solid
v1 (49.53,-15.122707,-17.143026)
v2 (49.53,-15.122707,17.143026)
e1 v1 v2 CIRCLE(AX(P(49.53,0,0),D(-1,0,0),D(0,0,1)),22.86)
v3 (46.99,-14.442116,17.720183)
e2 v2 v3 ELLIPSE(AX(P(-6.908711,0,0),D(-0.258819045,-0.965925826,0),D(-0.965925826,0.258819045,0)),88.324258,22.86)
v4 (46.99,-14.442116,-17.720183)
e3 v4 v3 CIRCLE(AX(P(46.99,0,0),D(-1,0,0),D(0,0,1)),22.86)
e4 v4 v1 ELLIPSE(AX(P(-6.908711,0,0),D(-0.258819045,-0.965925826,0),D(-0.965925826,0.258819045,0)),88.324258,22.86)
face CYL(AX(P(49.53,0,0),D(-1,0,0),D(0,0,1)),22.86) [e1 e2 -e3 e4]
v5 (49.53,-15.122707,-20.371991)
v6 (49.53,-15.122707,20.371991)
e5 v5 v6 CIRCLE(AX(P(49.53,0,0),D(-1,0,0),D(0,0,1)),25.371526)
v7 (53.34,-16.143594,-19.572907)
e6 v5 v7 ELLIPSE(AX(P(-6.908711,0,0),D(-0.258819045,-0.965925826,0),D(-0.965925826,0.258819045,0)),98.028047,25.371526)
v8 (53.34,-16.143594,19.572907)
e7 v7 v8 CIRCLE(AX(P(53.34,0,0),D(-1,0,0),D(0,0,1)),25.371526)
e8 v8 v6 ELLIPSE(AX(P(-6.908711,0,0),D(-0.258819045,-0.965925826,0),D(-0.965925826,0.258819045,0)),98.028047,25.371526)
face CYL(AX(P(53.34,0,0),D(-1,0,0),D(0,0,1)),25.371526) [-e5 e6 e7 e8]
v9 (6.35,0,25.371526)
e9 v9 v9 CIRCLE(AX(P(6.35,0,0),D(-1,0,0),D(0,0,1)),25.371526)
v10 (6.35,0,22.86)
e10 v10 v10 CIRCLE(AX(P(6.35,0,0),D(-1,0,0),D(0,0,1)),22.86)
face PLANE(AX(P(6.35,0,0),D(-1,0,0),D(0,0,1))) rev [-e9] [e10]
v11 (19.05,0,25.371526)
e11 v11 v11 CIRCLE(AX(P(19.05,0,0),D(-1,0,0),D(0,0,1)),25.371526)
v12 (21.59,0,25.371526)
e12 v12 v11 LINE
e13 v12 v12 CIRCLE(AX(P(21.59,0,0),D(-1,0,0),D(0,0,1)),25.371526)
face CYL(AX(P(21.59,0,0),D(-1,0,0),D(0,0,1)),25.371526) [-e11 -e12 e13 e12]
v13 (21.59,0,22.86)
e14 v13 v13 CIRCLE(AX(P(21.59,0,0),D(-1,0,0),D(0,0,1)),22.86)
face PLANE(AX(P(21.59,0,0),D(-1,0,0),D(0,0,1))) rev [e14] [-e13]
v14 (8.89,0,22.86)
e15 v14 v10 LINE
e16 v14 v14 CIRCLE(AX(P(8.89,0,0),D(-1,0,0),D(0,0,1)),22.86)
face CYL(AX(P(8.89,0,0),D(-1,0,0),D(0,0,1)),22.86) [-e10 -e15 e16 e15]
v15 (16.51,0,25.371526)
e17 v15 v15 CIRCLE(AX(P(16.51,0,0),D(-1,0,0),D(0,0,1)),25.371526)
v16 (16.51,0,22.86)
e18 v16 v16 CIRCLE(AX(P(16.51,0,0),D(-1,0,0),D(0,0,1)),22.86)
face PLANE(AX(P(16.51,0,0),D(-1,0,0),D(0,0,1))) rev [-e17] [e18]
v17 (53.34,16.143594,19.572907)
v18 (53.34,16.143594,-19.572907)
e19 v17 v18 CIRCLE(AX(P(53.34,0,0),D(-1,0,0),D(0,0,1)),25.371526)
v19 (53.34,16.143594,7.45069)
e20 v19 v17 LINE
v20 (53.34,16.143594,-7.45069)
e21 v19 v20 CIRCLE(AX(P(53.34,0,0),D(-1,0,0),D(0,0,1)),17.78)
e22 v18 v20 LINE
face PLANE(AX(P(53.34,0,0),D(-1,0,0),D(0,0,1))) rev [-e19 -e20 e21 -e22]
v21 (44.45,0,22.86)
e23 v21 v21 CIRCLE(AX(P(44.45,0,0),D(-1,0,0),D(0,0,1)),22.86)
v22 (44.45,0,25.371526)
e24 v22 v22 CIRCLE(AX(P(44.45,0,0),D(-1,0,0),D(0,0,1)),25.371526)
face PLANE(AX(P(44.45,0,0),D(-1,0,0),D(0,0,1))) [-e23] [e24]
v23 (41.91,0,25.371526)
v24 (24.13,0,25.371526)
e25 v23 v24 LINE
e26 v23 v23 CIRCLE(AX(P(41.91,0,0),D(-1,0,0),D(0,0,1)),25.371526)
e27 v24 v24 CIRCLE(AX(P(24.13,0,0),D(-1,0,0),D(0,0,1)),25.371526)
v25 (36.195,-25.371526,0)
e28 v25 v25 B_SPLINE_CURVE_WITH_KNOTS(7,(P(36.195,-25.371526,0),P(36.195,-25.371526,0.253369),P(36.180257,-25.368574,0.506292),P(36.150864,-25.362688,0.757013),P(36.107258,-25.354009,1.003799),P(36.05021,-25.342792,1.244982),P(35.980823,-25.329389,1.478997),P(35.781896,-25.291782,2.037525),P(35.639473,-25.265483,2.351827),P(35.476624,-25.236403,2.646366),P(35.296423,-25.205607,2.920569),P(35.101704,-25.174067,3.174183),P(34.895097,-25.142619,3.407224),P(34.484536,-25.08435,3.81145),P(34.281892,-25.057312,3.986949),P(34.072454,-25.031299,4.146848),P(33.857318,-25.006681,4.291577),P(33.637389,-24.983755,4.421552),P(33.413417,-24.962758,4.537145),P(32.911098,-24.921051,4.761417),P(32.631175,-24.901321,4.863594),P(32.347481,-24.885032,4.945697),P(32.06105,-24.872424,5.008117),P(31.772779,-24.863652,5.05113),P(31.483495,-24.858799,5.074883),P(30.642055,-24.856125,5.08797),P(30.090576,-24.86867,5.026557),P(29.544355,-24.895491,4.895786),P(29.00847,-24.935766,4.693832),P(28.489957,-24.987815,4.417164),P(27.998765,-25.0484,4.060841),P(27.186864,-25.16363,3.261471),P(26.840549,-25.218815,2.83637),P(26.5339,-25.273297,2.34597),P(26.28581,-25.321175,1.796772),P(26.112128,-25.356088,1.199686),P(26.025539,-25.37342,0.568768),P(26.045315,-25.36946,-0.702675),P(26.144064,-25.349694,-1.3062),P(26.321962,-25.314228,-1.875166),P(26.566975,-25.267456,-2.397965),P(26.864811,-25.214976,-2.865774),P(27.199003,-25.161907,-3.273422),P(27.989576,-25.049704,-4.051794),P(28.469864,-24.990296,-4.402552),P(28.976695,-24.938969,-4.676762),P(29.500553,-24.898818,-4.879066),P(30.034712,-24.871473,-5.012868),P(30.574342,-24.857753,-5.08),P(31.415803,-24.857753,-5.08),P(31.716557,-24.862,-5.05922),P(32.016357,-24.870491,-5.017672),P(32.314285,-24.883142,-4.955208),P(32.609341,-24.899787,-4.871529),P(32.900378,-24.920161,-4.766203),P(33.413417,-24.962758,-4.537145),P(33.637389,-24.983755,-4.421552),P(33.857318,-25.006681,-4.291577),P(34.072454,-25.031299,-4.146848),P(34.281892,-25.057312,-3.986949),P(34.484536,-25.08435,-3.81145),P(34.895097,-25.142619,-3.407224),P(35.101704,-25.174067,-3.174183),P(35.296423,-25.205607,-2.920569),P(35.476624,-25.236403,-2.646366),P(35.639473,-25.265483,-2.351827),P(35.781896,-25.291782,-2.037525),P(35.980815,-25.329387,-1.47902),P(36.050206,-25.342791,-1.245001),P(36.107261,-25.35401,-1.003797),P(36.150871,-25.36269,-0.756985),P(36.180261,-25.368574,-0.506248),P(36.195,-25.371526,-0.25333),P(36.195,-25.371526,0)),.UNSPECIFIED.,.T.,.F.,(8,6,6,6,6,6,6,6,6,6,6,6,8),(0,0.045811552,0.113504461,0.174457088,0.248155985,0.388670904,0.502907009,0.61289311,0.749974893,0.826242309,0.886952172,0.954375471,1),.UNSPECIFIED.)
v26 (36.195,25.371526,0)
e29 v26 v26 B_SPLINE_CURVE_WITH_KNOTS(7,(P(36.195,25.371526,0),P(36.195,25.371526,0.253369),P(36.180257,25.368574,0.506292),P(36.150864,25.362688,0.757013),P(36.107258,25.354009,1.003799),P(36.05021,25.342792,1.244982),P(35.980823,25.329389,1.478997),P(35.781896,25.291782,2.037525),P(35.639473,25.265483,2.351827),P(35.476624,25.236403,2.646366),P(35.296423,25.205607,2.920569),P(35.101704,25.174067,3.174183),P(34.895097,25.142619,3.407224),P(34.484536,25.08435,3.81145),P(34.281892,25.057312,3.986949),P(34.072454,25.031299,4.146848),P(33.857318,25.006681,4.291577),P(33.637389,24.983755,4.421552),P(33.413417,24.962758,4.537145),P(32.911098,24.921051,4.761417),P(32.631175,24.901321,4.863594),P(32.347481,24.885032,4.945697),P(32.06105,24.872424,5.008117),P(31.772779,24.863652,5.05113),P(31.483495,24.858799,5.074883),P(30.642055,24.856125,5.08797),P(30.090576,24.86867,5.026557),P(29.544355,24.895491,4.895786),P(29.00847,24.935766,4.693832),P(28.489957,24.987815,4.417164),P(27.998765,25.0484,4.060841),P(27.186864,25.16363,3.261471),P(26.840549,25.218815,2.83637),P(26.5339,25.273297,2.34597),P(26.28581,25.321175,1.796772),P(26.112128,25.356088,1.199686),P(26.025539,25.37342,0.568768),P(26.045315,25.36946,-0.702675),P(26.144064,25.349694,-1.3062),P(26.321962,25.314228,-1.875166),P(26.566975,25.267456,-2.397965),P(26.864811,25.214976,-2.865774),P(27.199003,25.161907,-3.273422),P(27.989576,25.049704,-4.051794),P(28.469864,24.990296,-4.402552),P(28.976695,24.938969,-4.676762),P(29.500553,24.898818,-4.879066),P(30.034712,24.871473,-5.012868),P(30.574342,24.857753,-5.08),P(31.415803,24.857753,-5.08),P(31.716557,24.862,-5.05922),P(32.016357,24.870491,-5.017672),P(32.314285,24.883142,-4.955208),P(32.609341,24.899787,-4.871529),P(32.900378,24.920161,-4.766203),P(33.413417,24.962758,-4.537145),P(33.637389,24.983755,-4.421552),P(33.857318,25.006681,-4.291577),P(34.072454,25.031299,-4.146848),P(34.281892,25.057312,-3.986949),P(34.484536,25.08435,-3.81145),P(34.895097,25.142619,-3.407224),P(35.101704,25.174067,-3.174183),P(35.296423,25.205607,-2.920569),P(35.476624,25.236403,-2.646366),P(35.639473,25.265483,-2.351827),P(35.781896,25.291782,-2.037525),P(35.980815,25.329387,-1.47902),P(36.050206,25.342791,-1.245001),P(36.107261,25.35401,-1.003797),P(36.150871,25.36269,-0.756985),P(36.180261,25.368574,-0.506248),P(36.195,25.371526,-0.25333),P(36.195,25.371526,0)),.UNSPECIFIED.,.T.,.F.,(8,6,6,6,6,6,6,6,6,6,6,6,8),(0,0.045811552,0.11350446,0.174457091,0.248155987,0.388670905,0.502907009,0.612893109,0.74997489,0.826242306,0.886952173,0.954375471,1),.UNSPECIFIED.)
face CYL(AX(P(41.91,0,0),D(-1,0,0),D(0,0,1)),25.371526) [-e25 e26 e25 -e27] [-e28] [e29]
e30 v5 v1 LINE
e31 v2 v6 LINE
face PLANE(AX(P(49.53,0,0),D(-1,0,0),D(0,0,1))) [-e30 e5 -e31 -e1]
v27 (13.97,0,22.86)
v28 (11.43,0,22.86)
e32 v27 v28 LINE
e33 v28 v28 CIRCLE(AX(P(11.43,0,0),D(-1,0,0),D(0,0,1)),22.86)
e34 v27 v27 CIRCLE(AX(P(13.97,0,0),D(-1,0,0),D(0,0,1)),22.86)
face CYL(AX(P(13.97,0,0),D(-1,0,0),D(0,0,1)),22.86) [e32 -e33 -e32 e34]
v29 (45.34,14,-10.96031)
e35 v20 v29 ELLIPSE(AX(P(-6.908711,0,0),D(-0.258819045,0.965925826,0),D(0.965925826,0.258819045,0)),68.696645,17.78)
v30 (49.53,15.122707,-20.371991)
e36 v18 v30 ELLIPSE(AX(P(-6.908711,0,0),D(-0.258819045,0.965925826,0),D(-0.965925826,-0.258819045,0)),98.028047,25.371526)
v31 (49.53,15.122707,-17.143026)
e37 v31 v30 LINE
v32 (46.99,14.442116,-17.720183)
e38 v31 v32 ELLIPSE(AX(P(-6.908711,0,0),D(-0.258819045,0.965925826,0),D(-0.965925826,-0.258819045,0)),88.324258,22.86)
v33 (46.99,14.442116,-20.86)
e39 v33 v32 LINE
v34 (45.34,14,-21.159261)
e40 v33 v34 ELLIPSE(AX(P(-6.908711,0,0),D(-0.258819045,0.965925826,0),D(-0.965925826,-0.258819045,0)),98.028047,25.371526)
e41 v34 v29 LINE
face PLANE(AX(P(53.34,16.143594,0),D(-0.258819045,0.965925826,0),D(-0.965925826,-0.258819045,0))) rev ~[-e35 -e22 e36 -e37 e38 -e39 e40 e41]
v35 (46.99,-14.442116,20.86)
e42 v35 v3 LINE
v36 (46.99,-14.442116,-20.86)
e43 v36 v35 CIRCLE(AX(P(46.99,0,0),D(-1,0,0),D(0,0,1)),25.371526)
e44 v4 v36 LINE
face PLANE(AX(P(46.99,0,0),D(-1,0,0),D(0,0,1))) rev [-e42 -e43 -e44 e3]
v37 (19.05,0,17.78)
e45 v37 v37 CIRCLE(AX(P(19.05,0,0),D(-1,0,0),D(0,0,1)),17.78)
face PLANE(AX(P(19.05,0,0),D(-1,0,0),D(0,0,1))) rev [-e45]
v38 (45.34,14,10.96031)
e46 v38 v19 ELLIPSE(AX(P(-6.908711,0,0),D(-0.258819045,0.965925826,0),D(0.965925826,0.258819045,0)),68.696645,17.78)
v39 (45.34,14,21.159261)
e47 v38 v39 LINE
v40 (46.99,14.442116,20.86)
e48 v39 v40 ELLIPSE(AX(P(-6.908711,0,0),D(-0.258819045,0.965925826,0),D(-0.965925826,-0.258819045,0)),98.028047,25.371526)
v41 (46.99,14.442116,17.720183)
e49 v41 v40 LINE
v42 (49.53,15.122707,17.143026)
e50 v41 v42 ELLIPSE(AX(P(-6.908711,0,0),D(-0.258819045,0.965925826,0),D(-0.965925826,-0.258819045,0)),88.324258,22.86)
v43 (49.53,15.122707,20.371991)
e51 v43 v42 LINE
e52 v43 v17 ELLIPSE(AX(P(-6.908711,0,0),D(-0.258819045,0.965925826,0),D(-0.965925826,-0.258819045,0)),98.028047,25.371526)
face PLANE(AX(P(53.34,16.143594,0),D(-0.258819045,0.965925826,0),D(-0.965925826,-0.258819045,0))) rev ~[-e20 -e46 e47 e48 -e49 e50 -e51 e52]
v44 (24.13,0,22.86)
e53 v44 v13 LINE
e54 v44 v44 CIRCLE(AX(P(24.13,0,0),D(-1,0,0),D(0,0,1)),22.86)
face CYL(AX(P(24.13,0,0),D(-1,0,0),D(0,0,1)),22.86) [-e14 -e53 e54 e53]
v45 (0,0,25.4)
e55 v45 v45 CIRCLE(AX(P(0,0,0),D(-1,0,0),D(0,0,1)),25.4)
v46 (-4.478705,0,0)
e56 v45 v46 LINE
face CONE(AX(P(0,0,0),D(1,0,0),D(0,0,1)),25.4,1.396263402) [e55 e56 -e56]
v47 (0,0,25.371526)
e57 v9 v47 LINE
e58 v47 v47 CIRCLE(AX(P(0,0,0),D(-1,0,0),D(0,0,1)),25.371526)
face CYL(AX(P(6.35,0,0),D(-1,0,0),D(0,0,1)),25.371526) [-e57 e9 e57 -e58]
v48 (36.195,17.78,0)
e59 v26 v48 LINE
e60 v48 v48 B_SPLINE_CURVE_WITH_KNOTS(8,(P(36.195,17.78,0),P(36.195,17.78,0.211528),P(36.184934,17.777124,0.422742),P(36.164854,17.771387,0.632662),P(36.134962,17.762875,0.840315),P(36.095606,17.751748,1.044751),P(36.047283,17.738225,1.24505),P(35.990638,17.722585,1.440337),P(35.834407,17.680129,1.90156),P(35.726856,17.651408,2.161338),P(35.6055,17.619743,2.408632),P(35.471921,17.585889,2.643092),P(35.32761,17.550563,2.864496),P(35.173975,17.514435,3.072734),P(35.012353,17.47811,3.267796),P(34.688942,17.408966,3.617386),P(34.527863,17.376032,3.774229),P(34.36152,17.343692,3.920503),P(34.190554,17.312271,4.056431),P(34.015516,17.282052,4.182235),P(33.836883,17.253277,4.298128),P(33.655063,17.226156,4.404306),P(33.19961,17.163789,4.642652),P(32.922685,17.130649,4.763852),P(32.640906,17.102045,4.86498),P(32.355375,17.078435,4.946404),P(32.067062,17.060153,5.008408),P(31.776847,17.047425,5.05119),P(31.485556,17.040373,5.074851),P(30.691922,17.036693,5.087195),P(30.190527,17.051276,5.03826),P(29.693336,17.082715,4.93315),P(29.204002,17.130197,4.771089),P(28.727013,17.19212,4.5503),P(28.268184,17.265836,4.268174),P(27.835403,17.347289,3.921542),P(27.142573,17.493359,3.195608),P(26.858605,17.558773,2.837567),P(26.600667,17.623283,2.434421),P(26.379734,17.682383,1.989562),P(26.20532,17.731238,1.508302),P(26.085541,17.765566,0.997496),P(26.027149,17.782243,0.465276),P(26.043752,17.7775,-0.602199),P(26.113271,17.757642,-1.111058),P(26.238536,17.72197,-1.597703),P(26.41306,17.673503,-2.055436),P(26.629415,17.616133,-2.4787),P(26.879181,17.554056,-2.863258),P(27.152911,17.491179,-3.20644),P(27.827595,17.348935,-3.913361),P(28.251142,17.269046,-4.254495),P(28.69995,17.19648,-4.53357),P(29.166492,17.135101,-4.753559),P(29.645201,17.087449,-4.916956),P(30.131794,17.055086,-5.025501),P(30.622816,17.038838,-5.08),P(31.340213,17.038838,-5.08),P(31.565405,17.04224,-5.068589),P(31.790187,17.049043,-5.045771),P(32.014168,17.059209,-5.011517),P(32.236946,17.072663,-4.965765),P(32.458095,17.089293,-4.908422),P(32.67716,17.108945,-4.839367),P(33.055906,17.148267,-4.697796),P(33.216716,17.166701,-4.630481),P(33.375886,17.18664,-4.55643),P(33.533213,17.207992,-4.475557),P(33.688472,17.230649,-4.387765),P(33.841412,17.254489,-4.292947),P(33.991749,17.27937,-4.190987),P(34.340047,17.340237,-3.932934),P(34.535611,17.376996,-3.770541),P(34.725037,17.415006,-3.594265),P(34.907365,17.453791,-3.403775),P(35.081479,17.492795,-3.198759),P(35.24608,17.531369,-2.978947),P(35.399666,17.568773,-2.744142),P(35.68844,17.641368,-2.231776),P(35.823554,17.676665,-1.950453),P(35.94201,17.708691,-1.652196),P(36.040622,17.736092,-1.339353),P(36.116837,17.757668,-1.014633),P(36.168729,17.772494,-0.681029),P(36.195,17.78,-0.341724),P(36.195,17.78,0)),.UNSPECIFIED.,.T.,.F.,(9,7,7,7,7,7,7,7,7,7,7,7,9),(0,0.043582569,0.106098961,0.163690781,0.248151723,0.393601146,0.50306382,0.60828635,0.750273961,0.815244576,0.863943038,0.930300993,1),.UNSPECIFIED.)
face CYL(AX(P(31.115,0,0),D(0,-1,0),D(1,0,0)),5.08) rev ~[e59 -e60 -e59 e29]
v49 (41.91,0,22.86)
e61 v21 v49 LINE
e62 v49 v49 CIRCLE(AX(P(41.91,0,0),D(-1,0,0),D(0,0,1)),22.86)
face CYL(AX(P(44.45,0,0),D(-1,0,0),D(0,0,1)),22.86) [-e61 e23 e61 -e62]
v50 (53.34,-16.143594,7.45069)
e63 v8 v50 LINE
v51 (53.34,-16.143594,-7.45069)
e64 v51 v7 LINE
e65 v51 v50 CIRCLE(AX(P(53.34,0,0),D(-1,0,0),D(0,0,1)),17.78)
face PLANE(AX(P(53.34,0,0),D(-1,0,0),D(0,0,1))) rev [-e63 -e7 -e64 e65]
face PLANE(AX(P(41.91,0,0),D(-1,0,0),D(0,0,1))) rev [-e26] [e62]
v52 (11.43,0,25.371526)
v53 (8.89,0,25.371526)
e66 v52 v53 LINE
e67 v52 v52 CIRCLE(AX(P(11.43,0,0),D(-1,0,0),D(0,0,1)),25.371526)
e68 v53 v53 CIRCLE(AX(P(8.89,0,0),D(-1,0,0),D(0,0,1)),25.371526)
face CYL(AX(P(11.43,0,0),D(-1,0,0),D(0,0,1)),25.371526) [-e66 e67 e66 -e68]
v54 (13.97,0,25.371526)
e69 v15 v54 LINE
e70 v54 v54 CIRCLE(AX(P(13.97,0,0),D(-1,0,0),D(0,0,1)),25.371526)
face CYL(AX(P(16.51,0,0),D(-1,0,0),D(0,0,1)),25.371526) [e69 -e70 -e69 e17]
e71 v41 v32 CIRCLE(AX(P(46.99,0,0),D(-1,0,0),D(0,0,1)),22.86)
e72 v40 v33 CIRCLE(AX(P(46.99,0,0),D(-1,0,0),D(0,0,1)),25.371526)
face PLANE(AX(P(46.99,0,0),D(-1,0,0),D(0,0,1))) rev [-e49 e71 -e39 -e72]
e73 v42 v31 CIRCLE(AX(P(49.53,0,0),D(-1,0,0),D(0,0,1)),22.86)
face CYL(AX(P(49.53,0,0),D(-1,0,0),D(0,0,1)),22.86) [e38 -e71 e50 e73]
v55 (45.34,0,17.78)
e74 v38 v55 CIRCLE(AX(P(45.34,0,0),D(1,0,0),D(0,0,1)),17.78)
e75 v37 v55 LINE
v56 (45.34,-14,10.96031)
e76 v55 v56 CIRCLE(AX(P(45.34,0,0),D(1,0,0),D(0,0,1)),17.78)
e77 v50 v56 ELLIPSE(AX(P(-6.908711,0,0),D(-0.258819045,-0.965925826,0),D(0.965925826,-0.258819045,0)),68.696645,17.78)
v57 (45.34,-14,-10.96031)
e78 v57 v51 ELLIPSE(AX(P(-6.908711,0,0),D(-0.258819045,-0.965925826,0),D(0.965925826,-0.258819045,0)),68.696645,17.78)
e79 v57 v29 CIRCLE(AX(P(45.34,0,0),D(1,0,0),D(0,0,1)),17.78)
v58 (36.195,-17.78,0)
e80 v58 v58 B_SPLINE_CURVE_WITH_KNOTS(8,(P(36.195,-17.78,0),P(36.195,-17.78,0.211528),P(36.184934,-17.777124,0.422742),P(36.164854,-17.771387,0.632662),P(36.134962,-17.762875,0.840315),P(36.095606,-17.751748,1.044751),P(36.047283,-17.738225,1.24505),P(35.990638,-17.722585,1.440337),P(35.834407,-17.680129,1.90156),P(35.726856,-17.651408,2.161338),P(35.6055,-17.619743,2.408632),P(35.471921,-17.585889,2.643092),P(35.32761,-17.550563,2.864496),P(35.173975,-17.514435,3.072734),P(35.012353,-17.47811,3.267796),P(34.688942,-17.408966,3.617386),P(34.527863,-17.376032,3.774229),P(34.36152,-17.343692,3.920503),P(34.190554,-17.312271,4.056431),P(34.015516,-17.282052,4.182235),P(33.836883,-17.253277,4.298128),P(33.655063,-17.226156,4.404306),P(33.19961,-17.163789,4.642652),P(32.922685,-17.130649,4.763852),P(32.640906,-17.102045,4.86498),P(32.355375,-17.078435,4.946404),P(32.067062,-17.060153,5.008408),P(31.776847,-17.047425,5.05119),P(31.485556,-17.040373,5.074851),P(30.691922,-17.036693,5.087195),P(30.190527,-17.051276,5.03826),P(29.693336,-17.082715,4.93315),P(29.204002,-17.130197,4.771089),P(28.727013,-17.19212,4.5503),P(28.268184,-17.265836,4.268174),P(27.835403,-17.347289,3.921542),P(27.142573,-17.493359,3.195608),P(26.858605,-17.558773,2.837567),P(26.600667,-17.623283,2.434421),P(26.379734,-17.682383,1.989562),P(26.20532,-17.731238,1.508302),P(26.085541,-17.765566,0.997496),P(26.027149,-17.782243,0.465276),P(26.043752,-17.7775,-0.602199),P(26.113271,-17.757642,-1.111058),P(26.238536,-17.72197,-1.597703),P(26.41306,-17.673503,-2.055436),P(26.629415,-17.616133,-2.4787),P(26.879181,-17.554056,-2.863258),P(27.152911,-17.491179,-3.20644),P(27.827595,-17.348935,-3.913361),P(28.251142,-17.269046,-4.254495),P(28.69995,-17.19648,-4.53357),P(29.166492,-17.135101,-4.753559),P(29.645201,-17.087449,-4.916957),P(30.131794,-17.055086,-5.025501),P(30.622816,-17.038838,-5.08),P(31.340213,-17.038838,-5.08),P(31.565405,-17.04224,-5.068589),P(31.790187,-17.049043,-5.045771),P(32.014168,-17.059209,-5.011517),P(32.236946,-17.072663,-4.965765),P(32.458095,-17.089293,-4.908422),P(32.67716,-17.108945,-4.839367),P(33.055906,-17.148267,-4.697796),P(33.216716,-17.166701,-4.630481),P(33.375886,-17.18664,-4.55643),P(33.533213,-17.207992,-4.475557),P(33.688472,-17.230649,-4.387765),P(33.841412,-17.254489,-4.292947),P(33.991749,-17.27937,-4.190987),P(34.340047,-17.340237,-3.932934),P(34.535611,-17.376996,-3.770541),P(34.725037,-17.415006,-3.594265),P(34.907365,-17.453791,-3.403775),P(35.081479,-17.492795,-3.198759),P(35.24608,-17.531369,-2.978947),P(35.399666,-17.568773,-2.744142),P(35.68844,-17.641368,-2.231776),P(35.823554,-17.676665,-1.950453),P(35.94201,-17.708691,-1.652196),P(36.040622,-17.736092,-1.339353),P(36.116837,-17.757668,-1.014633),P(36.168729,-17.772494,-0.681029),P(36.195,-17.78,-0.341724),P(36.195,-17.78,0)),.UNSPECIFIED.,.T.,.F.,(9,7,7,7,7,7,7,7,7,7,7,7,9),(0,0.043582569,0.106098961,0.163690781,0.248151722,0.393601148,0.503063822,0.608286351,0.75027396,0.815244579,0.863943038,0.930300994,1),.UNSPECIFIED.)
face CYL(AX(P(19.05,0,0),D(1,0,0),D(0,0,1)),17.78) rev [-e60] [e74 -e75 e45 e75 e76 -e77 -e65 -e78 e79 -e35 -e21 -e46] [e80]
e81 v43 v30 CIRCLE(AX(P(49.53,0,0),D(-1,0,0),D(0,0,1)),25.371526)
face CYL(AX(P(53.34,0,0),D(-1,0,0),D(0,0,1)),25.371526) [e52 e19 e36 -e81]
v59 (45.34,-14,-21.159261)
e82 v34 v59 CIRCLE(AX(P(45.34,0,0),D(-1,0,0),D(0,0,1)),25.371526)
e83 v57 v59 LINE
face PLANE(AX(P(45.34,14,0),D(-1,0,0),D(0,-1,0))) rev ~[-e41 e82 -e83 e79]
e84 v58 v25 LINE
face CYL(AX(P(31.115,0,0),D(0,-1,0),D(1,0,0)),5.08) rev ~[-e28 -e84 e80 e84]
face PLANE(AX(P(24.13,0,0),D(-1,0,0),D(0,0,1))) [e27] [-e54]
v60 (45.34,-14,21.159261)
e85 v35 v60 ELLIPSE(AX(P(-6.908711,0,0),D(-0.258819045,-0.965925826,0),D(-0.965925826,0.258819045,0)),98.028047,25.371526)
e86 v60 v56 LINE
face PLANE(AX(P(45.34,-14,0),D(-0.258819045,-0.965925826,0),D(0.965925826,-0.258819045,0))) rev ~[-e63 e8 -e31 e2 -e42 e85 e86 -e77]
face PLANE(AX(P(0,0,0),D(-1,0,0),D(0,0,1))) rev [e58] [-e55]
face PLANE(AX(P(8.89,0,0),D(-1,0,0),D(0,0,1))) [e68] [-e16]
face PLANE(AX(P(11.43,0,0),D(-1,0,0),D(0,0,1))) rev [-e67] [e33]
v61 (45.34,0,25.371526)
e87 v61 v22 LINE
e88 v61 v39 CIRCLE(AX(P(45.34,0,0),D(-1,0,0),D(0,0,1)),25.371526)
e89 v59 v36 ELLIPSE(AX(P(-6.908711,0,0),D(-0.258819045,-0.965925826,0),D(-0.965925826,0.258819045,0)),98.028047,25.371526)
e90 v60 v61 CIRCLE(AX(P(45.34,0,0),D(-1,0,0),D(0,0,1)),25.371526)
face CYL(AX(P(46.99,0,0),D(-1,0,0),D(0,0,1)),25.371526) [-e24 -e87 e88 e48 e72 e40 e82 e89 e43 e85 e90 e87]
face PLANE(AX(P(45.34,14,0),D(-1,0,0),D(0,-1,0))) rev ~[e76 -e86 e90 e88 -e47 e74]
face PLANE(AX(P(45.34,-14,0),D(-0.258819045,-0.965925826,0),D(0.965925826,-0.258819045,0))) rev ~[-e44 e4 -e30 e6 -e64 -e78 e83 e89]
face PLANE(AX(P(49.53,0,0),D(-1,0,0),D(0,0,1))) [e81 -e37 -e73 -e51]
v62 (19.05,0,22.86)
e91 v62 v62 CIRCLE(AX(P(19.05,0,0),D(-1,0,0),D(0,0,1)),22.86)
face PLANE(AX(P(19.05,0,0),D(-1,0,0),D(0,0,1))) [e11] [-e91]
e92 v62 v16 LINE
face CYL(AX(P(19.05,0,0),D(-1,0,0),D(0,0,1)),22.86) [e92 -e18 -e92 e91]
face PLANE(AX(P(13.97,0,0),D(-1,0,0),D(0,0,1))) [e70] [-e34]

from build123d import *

# Parameters (mm, degrees)
F2_R     = 5.08
F3_DEPTH = 63.5
F5_DEPTH = 50


with BuildPart() as f1:
    # F0 (on Front) → F1 (revolve)
    with BuildSketch(Plane.XZ):
        Polygon((0, 25.3715255082), (0, 0), (19.05, 0), (19.05, 17.78), (53.34, 17.78), (53.34, 25.3715255082), (49.53, 25.3715255082), (49.53, 22.86), (46.99, 22.86), (46.99, 25.3715255082), (44.45, 25.3715255082), (44.45, 22.86), (41.91, 22.86), (41.91, 25.3715255082), (24.13, 25.3715255082), (24.13, 22.86), (21.59, 22.86), (21.59, 25.3715255082), (19.05, 25.3715255082), (19.05, 22.86), (16.51, 22.86), (16.51, 25.3715255082), (13.97, 25.3715255082), (13.97, 22.86), (11.43, 22.86), (11.43, 25.3715255082), (8.89, 25.3715255082), (8.89, 22.86), (6.35, 22.86), (6.35, 25.3715255082), align=None)
        Polygon((-4.47870531, 0), (0, 0), (0, 25.3715255082), (0, 25.4), align=None)
    revolve(axis=Axis((9.525, 0, 0), (-1, 0, 0)))

    # F2 (on Front) → F3 (cut, symmetric)
    with BuildSketch(Plane.XZ):
        with Locations((31.115, 0)):
            Circle(F2_R)
    extrude(amount=F3_DEPTH, both=True, mode=Mode.SUBTRACT)

    # F4 (on Top) → F5 (cut, symmetric)
    with BuildSketch(Plane.XY):
        Polygon((53.34, -16.1435935394), (53.34, 16.1435935394), (45.34, 14), (45.34, -14), align=None)
    extrude(amount=F5_DEPTH, both=True, mode=Mode.SUBTRACT)


solid = f1.part
